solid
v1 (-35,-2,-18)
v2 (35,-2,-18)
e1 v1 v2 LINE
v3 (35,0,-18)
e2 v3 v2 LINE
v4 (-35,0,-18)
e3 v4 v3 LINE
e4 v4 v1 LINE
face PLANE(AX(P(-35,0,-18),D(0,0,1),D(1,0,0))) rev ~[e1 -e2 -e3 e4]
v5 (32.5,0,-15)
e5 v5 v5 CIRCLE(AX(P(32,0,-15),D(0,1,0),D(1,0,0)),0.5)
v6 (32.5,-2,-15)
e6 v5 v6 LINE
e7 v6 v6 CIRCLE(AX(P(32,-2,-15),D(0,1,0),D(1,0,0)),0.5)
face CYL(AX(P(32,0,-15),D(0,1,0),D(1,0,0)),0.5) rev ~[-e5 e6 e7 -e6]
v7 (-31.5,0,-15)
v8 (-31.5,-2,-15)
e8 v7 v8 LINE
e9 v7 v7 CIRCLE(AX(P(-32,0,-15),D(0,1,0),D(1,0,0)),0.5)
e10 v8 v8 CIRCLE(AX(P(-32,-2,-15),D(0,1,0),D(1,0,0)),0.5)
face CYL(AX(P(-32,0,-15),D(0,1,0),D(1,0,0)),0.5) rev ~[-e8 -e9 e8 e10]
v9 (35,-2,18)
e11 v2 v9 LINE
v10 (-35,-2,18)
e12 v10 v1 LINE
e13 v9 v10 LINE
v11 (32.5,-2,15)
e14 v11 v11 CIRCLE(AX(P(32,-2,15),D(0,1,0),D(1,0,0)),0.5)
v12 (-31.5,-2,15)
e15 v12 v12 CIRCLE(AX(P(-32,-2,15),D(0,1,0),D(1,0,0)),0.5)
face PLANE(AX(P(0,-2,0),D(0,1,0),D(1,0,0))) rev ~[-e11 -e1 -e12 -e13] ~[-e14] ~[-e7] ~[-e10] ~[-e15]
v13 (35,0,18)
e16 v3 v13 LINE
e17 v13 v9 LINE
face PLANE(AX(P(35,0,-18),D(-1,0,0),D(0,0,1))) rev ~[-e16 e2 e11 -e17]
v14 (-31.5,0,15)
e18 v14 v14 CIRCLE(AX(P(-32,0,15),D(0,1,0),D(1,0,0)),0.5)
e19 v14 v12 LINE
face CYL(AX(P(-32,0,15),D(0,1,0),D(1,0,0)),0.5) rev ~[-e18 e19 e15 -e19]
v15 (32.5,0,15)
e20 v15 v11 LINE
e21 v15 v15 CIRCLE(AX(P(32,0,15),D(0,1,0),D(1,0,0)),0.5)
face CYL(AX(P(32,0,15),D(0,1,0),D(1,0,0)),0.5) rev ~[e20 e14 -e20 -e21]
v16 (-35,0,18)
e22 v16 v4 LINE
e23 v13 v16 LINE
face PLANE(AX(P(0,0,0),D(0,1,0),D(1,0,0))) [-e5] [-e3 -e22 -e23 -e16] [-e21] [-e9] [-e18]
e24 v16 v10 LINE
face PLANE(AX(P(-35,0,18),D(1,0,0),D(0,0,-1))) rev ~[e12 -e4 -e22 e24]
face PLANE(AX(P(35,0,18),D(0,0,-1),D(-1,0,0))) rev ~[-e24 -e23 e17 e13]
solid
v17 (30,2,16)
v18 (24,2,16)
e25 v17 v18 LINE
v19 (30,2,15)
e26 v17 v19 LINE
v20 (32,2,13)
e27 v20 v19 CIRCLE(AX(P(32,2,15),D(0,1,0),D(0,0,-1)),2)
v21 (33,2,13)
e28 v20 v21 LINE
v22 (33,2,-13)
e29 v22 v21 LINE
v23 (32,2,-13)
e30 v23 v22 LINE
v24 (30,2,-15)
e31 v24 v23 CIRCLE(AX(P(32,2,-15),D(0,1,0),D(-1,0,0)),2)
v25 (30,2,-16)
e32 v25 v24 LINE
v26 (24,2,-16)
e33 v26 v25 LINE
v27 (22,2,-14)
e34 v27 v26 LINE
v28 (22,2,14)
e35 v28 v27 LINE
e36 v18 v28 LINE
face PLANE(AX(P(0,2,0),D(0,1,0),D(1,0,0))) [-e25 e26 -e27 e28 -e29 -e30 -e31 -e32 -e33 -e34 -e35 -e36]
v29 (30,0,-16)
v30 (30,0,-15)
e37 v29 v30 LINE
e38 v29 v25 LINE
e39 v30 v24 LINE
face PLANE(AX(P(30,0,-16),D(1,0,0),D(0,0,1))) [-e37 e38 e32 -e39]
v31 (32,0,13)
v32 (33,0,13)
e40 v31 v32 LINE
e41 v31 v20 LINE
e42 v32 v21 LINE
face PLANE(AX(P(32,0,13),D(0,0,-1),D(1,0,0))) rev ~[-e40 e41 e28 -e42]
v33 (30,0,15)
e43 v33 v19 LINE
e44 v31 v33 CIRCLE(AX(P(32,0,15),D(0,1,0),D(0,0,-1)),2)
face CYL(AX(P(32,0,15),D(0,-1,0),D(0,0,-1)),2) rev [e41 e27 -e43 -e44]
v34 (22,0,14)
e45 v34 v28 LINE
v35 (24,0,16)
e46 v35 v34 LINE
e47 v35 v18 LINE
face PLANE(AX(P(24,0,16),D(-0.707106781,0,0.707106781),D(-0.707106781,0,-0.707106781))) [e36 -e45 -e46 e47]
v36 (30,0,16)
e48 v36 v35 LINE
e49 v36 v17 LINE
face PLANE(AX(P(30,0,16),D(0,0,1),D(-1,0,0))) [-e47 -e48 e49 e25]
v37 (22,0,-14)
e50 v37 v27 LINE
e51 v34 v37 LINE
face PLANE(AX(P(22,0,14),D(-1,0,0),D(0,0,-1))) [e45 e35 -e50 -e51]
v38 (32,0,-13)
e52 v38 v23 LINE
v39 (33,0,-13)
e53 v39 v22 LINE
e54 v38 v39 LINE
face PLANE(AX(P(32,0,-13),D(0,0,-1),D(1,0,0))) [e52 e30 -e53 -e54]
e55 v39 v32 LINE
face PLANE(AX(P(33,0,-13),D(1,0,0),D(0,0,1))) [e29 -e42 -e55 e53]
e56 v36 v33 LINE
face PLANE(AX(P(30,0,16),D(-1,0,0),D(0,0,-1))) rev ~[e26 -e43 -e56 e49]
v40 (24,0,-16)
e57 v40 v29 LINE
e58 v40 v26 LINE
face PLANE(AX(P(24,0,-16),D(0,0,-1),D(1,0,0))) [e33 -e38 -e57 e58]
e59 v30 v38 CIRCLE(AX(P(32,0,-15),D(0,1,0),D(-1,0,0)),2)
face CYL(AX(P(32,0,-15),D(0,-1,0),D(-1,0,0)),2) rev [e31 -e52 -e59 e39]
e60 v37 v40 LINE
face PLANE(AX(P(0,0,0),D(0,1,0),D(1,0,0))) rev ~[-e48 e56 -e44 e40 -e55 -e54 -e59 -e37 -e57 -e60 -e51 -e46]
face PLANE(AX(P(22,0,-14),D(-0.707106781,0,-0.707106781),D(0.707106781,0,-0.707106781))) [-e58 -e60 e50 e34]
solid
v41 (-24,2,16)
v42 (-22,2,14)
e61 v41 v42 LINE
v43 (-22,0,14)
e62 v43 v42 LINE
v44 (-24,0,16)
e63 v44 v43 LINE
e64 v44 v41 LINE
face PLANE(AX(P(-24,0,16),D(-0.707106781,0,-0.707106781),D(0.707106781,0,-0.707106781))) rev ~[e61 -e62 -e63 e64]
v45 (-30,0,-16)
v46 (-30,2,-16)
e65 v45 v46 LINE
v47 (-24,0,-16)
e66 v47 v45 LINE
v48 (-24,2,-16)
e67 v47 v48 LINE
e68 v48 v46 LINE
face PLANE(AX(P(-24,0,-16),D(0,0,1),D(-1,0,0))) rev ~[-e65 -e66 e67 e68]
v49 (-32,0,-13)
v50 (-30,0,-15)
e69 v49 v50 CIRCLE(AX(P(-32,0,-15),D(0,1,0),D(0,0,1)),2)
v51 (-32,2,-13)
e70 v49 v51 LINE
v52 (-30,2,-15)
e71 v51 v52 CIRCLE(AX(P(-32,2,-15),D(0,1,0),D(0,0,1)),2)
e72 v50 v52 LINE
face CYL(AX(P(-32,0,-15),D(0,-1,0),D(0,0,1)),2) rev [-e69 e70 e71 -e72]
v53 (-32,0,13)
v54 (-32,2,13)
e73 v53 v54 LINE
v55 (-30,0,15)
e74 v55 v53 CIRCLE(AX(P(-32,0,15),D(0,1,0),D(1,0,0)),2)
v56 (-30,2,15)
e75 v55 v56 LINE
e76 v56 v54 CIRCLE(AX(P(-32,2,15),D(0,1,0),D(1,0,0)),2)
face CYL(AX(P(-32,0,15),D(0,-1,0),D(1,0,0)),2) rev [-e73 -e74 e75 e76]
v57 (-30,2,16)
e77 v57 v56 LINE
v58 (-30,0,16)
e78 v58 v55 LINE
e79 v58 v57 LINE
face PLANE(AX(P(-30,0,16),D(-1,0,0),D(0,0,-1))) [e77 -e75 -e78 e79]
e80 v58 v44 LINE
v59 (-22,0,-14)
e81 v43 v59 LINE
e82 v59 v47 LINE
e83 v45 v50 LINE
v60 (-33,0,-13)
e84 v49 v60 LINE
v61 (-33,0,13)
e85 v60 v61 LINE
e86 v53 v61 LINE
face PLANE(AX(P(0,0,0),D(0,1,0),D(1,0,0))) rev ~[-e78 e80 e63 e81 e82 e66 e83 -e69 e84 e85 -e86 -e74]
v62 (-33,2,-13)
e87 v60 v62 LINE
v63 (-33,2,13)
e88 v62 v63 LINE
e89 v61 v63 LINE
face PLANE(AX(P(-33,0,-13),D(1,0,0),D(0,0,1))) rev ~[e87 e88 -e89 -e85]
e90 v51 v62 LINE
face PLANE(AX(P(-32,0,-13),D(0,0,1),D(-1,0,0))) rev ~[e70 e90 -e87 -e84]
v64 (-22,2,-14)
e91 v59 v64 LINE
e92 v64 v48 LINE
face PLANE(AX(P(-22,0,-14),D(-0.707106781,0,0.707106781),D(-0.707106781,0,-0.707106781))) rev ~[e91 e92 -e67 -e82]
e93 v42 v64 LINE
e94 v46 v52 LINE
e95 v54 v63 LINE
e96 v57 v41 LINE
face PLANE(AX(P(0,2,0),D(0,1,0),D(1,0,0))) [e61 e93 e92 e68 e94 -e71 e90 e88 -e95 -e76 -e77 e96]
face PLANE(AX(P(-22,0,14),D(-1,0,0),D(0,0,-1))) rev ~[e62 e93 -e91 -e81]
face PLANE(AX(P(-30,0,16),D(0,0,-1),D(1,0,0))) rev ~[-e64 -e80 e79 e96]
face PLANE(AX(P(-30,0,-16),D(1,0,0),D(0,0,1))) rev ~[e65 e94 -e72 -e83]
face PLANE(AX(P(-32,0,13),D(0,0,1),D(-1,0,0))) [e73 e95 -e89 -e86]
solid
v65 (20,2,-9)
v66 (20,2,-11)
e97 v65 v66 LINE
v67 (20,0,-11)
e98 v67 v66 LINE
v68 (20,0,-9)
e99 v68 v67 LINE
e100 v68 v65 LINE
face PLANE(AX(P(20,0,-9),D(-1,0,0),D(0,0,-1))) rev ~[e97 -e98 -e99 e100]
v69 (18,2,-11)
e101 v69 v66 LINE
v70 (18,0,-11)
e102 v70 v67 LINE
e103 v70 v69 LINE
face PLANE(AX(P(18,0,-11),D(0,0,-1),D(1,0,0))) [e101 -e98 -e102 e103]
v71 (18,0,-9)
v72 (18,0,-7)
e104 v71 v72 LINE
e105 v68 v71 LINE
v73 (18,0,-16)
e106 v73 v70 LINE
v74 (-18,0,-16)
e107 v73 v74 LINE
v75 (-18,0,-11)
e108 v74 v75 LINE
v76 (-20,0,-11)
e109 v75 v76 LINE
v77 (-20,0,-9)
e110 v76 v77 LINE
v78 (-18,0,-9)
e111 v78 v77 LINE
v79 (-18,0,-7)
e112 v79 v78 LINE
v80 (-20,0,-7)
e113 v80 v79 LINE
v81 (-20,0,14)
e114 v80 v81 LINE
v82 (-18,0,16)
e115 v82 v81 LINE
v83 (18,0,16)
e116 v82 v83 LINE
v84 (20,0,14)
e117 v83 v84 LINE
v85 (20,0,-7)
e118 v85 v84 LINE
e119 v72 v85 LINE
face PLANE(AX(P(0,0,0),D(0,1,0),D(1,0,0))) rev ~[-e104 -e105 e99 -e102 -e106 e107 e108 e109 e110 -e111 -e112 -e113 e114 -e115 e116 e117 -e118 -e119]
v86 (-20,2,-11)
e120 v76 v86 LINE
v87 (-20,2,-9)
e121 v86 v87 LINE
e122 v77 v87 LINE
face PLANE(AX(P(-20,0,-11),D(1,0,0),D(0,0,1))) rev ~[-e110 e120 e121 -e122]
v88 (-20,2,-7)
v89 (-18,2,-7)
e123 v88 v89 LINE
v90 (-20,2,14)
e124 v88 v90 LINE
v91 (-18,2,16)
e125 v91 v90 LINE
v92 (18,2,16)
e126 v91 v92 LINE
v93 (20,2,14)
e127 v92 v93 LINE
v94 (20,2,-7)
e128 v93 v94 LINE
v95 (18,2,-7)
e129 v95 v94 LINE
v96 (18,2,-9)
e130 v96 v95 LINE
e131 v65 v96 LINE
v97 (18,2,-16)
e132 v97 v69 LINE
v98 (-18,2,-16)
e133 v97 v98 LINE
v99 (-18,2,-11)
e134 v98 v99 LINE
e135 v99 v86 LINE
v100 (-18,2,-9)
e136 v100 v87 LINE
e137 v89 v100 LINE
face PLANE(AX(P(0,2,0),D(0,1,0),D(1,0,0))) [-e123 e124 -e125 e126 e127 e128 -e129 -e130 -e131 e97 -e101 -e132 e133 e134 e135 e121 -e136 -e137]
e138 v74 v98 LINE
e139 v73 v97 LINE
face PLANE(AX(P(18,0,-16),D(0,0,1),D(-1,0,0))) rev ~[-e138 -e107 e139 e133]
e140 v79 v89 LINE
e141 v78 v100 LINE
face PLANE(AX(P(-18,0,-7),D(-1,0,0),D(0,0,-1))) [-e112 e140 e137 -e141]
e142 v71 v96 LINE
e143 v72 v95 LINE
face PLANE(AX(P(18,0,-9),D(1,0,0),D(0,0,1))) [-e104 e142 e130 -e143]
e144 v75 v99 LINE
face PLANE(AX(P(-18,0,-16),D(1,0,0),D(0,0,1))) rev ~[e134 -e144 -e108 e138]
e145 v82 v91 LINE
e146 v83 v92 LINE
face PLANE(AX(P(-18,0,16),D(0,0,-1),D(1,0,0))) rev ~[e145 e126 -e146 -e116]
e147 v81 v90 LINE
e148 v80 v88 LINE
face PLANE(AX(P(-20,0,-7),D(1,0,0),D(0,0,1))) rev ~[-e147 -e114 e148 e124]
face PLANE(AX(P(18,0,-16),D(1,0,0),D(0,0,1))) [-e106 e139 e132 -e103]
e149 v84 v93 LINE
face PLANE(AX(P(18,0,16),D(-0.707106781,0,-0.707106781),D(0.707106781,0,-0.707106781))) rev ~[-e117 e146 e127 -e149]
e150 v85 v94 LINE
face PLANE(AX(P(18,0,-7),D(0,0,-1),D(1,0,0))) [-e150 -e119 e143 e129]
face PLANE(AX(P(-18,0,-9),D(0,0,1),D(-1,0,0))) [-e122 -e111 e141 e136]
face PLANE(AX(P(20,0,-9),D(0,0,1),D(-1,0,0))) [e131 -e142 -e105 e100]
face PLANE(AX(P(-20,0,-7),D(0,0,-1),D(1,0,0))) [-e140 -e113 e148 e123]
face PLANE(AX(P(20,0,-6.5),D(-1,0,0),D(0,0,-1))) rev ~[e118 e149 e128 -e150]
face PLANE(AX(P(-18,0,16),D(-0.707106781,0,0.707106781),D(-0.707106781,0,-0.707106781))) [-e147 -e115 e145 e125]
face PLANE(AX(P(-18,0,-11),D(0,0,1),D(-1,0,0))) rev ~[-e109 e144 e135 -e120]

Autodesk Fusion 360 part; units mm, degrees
sketch "Esquisse1" plane through (0, 0, 0) normal (0, 1, 0) x (1, 0, 0)
  line L0 (-35, 18) -> (35, 18)
  line L1 (35, 18) -> (35, -18)
  line L2 (35, -18) -> (-35, -18)
  line L3 (-35, -18) -> (-35, 18)
  line L4 (-33, -16) -> (-22, -16)
  line L5 (-22, -16) -> (-22, 16)
  line L6 (-22, 16) -> (-33, 16)
  line L7 (-33, 16) -> (-33, -16)
  line L8 (33, -16) -> (22, -16)
  line L9 (22, -16) -> (22, 16)
  line L10 (22, 16) -> (33, 16)
  line L11 (33, 16) -> (33, -16)
  line L12 (-20, -16) -> (20, -16)
  line L13 (20, -16) -> (20, 16)
  line L14 (20, 16) -> (-20, 16)
  line L15 (-20, 16) -> (-20, -16)
  line L16 (32, -13) -> (33, -13)
  line L17 (33, -13) -> (33, -16)
  line L18 (33, -16) -> (30, -16)
  line L19 (30, -16) -> (30, -15)
  line L20 (32, 13) -> (33, 13)
  line L21 (33, 13) -> (33, 16)
  line L22 (33, 16) -> (30, 16)
  line L23 (30, 16) -> (30, 15)
  circle A0 centre (26, -12) radius 3
  arc A1 (32, -13) -> (30, -15) centre (32, -15) ccw
  arc A2 (30, 15) -> (32, 13) centre (32, 15) ccw
  line L24 (24, -16) -> (22, -14)
  line L25 (22, 14) -> (24, 16)
  line L26 (18, -16) -> (20, -14)
  line L27 (-18, -16) -> (-20, -14)
  line L28 (-22, 14) -> (-24, 16)
  line L29 (-24, -16) -> (-22, -14)
  line L30 (-33, -16) -> (-30, -16)
  line L31 (-30, -16) -> (-30, -15)
  line L32 (-32, -13) -> (-33, -13)
  line L33 (-33, -13) -> (-33, -16)
  line L34 (-32, 13) -> (-33, 13)
  line L35 (-33, 13) -> (-33, 16)
  line L36 (-33, 16) -> (-30, 16)
  line L37 (-30, 16) -> (-30, 15)
  arc A3 (-30, -15) -> (-32, -13) centre (-32, -15) ccw
  arc A4 (-32, 13) -> (-30, 15) centre (-32, 15) ccw
  circle A5 centre (-26, -12) radius 3
  line L38 (-20, 16) -> (-18, 16)
  line L39 (-18, 16) -> (-18, 11)
  line L40 (-18, 11) -> (-20, 11)
  line L41 (-20, 11) -> (-20, 16)
  line L42 (18, 11) -> (20, 11)
  line L43 (20, 11) -> (20, 16)
  line L44 (20, 16) -> (18, 16)
  line L45 (18, 16) -> (18, 11)
  line L46 (20, 9) -> (18, 9)
  line L47 (18, 9) -> (18, 7)
  line L48 (18, 7) -> (20, 7)
  line L49 (20, 7) -> (20, 9)
  line L50 (-18, 9) -> (-20, 9)
  line L51 (-20, 9) -> (-20, 7)
  line L52 (-20, 7) -> (-18, 7)
  line L53 (-18, 7) -> (-18, 9)
  line L54 (-17.5, 6.5) -> (-8, 6.5)
  line L55 (-8, 6.5) -> (-8, 2)
  line L56 (-8, 2) -> (-17.5, 2)
  line L57 (-17.5, 2) -> (-17.5, 6.5)
  line L58 (20, 5) -> (20, 6.5)
  circle A6 centre (14.9, 4.5) radius 1.5
  circle A7 centre (8.6, 4.5) radius 1.5
  circle A8 centre (2.3, 4.5) radius 1.5
  circle A9 centre (-32, -15) radius 0.5
  circle A10 centre (-32, 15) radius 0.5
  circle A11 centre (32, -15) radius 0.5
  circle A12 centre (32, 15) radius 0.5
  circle A13 centre (-26, -12) radius 0.5
  circle A14 centre (26, -12) radius 0.5
extrude "Extrusion8" add sketch "Esquisse1" along normal blind 2 contours L4 L5 L6 L7 L28 L29 L31 L32 L34 L37 A3 A4 | L8 L9 L10 L11 L16 L19 L20 L23 A1 A2 L24 L25 | L12 L13 L14 L15 L26 L27 L39 L40 L42 L45 L46 L47 L48 L50 L52 L53 L58 | A0 | A5 | L54 L55 L56 L57 | A6 | A7 | A8 | A13 | A14 makes body 1 at (-25.0564, 0, 4.3936) makes body 2 at (-6, 0, 8.3333) makes body 3 at (25.0564, 0, -4.3936)
extrude "Extrusion9" add sketch "Esquisse1" against normal blind 2 separate body contours L0 L1 L2 L3 | L4 L7 L30 L31 L32 L33 A3 | L4 L5 L6 L7 L28 L29 L31 L32 L34 L37 A3 A4 | L4 L5 L29 | L6 L7 L34 L35 L36 L37 A4 | L5 L6 L28 | L8 L11 L16 L17 L18 L19 A1 | L8 L9 L10 L11 L16 L19 L20 L23 A1 A2 L24 L25 | L8 L9 L24 | L10 L11 L20 L21 L22 L23 A2 | L9 L10 L25 | L12 L15 L27 | L12 L13 L14 L15 L26 L27 L39 L40 L42 L45 L46 L47 L48 L50 L52 L53 L58 | L12 L13 L26 | L15 L50 L51 L52 L53 | L14 L15 L38 L39 L40 L41 | L13 L46 L47 L48 L49 | L13 L14 L42 L43 L44 L45 | A0 | A5 | L54 L55 L56 L57 | A6 | A7 | A8 | A13 | A14 makes body 4
